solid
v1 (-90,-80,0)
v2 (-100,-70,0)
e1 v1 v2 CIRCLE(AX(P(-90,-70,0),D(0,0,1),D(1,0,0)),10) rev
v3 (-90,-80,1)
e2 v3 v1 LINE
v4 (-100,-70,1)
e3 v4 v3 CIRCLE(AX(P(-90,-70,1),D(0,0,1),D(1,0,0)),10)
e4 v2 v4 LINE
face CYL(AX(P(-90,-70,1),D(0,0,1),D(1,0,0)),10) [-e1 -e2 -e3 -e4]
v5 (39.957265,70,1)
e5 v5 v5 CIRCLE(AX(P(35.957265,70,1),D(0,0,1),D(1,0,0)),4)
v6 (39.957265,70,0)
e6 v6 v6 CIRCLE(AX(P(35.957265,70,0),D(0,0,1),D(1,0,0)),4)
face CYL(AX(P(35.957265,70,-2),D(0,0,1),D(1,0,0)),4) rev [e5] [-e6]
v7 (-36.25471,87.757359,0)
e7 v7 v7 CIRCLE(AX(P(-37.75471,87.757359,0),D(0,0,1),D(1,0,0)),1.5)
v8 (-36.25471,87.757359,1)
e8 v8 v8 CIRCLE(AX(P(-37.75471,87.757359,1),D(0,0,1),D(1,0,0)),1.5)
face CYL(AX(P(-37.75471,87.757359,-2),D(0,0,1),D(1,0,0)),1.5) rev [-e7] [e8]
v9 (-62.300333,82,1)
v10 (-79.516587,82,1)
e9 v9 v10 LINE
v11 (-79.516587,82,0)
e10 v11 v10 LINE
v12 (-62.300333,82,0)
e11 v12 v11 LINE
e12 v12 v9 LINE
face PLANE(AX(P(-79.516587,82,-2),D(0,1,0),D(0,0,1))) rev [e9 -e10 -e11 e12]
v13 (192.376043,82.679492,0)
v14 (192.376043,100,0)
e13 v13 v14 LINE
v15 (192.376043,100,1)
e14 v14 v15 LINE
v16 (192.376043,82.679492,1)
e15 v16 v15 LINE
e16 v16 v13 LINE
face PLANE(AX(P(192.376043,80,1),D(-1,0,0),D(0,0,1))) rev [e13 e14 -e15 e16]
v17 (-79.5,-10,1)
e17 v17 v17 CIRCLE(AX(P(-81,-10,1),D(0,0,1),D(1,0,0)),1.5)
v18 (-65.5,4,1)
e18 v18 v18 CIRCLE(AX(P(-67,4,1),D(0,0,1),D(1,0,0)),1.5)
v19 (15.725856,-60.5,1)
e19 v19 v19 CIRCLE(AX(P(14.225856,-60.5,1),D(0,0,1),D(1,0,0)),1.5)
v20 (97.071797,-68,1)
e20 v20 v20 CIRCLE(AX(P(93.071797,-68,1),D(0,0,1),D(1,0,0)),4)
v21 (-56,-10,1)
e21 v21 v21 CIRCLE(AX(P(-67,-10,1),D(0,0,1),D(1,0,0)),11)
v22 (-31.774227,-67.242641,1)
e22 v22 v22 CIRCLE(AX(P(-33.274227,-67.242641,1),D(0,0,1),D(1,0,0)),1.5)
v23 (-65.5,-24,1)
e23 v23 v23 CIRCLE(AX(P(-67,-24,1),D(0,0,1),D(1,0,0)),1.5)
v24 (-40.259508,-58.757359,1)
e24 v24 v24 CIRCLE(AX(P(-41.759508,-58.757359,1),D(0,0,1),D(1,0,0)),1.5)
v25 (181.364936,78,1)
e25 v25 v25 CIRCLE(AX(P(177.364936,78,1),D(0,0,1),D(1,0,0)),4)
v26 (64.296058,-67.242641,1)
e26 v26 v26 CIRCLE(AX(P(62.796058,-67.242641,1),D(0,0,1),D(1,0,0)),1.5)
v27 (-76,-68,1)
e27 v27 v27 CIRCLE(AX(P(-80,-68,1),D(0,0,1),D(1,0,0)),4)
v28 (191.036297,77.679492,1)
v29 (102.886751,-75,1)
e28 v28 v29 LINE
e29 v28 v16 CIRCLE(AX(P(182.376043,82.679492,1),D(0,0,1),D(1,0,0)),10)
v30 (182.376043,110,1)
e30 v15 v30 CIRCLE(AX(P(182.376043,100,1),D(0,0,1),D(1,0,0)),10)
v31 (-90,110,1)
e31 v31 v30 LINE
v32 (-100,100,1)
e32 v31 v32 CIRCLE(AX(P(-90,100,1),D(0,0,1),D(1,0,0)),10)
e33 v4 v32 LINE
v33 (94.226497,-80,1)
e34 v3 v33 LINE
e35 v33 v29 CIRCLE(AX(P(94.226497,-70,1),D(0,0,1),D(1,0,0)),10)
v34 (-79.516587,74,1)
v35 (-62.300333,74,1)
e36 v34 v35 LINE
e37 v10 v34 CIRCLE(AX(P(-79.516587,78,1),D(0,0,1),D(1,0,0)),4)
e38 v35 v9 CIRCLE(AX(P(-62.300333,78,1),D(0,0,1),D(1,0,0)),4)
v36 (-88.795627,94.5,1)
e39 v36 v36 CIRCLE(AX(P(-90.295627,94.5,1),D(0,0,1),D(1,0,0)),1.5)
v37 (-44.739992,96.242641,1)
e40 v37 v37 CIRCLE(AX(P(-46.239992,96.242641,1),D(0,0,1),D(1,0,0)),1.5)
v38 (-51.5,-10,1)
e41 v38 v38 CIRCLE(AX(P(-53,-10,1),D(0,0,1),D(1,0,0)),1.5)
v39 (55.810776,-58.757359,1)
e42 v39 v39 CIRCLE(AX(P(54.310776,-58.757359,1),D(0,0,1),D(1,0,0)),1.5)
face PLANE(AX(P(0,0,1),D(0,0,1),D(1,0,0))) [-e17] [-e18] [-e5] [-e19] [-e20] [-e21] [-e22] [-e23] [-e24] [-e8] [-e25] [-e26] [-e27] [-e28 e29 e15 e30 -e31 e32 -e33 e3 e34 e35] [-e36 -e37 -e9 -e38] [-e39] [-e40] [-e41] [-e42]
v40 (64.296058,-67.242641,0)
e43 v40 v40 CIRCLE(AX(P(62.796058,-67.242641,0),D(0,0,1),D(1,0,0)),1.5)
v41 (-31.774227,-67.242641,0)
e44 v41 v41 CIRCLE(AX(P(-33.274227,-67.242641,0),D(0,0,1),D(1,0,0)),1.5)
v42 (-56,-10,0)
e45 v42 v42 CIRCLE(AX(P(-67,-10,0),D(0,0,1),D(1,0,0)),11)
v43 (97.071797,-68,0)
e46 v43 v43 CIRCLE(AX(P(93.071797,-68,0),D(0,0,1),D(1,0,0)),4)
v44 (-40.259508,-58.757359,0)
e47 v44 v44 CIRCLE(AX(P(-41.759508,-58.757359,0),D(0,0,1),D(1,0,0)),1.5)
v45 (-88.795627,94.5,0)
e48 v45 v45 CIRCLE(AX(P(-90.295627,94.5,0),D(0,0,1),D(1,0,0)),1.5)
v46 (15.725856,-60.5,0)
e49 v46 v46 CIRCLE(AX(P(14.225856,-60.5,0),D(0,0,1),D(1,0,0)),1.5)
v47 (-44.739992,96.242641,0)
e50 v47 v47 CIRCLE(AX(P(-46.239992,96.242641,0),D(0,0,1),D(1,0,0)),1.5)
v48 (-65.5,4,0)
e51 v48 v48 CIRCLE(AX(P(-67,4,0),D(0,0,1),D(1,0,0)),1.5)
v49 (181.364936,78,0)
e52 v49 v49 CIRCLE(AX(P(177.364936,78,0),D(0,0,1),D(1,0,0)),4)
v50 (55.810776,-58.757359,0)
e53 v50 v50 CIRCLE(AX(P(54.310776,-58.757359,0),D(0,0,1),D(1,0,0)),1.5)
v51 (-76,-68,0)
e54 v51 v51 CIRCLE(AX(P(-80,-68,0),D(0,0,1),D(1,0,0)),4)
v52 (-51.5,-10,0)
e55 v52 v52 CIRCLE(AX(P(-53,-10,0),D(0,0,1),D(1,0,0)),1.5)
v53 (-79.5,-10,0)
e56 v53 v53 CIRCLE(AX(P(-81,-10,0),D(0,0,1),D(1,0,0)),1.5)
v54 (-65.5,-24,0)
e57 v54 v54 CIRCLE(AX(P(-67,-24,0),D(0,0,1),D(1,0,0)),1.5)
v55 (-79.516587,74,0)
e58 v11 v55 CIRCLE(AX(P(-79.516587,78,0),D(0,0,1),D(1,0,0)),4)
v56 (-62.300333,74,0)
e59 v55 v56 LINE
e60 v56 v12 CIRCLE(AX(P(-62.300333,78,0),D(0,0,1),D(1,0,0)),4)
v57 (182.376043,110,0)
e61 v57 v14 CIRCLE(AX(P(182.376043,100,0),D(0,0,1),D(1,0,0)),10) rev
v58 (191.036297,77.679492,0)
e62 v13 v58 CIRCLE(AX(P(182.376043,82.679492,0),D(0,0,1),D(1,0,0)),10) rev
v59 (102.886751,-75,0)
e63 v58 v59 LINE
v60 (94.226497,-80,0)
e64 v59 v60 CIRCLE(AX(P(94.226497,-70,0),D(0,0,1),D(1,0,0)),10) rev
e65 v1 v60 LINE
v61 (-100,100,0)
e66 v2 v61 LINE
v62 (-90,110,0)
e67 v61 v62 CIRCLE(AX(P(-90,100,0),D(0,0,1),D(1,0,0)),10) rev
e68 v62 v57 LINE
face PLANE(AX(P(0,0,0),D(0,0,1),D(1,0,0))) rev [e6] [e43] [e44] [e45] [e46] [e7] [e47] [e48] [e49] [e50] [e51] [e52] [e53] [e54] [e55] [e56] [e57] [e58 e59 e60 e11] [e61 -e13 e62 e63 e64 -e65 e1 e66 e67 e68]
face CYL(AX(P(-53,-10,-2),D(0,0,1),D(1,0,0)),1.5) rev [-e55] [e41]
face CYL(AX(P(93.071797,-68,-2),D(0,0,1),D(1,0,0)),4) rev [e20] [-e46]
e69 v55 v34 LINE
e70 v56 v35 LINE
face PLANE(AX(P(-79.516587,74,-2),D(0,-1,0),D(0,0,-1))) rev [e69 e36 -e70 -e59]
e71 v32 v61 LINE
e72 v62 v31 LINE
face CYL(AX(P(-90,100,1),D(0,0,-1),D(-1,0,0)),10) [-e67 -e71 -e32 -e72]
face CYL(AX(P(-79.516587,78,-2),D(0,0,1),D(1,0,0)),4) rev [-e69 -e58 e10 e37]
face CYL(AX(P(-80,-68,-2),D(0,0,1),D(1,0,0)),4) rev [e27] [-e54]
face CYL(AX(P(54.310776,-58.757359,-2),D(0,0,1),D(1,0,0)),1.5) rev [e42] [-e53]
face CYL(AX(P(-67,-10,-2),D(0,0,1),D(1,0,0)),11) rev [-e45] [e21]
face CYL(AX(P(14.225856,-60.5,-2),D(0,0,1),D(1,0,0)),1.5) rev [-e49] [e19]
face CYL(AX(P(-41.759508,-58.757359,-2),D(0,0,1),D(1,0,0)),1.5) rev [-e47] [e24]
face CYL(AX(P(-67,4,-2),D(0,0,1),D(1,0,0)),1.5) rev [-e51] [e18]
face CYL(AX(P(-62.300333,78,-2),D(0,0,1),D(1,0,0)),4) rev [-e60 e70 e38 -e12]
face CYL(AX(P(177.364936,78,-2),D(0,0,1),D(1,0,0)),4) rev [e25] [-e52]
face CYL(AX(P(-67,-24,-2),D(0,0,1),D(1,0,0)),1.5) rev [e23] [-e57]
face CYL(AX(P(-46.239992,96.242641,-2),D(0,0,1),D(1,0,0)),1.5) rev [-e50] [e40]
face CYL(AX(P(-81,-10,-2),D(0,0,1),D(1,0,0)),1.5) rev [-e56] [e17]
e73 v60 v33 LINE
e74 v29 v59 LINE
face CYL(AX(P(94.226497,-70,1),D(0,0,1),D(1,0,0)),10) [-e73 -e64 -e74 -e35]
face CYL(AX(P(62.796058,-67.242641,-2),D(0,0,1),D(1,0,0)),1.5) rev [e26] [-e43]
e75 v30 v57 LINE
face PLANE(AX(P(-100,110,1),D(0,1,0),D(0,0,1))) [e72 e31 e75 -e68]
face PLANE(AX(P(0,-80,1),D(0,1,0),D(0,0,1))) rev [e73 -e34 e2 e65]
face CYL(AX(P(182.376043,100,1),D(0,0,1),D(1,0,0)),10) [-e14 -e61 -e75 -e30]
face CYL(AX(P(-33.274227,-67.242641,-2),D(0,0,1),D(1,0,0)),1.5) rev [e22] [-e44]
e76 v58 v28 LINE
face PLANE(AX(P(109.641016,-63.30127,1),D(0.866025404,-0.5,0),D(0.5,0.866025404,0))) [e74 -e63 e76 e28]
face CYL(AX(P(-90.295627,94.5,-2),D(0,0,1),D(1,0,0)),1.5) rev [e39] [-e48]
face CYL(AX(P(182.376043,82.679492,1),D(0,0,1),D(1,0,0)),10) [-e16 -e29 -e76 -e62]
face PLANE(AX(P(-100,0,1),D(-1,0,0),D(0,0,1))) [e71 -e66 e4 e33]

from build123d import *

# Parameters (mm, degrees)
SKETCH1_W           = 200
SKETCH1_H           = 160
SKETCH1_W_2         = 292.37604307
SKETCH1_H_2         = 30
BOSS_EXTRUDE1_DEPTH = 1
FILLET1_R           = 10
SKETCH2_R           = 4
SKETCH2_R_2         = 11
SKETCH2_R_3         = 1.5
CUT_EXTRUDE1_DEPTH  = 3


with BuildPart() as part:
    # Sketch1 → Boss-Extrude1 (new body)
    with BuildSketch(Plane.XY):
        Rectangle(SKETCH1_W, SKETCH1_H)
        Polygon((192.37604307, 80), (100, -80), (100, 80), align=None)
        with Locations((46.188021535, 95)):
            Rectangle(SKETCH1_W_2, SKETCH1_H_2)
    extrude(amount=BOSS_EXTRUDE1_DEPTH)

    # Fillet1
    fillet1_edges = [part.edges().sort_by_distance(p)[0] for p in [
        (-100, 110, 0.5),
        (192.37604307, 110, 0.5),
        (-100, -80, 0.5),
        (192.37604307, 80, 0.5),
        (100, -80, 0.5),
    ]]
    fillet(fillet1_edges, radius=FILLET1_R)

    # Sketch2 → Cut-Extrude1 (cut)
    with BuildSketch(Plane.XY.offset(1)):
        with Locations((93.07179677, -68)):
            Circle(SKETCH2_R)
        with Locations((177.364936071, 78)):
            Circle(SKETCH2_R)
        with Locations((-67, -10)):
            Circle(SKETCH2_R_2)
        with Locations((-80, -68)):
            Circle(SKETCH2_R)
        with Locations((-53, -10)):
            Circle(SKETCH2_R_3)
        with Locations((-67, 4)):
            Circle(SKETCH2_R_3)
        with Locations((-81, -10)):
            Circle(SKETCH2_R_3)
        with Locations((-67, -24)):
            Circle(SKETCH2_R_3)
        with Locations((35.957265033, 70)):
            Circle(SKETCH2_R)
        with Locations((62.79605759, -67.242640687)):
            Circle(SKETCH2_R_3)
        with Locations((54.310776216, -58.757359313)):
            Circle(SKETCH2_R_3)
        with Locations((-33.274226936, -67.242640687)):
            Circle(SKETCH2_R_3)
        with Locations((-41.75950831, -58.757359313)):
            Circle(SKETCH2_R_3)
        with Locations((14.225855729, -60.5)):
            Circle(SKETCH2_R_3)
        with Locations((-37.754710439, 87.757359313)):
            Circle(SKETCH2_R_3)
        with Locations((-46.239991813, 96.242640687)):
            Circle(SKETCH2_R_3)
        with Locations((-90.295627115, 94.5)):
            Circle(SKETCH2_R_3)
        with BuildLine():
            Line((-79.516586773, 82), (-62.300333374, 82))
            ThreePointArc((-62.300333374, 82), (-58.300333374, 78), (-62.300333374, 74))
            Line((-62.300333374, 74), (-79.516586773, 74))
            ThreePointArc((-79.516586773, 74), (-83.516586773, 78), (-79.516586773, 82))
        make_face()
    extrude(amount=-CUT_EXTRUDE1_DEPTH, mode=Mode.SUBTRACT)


solid = part.part
